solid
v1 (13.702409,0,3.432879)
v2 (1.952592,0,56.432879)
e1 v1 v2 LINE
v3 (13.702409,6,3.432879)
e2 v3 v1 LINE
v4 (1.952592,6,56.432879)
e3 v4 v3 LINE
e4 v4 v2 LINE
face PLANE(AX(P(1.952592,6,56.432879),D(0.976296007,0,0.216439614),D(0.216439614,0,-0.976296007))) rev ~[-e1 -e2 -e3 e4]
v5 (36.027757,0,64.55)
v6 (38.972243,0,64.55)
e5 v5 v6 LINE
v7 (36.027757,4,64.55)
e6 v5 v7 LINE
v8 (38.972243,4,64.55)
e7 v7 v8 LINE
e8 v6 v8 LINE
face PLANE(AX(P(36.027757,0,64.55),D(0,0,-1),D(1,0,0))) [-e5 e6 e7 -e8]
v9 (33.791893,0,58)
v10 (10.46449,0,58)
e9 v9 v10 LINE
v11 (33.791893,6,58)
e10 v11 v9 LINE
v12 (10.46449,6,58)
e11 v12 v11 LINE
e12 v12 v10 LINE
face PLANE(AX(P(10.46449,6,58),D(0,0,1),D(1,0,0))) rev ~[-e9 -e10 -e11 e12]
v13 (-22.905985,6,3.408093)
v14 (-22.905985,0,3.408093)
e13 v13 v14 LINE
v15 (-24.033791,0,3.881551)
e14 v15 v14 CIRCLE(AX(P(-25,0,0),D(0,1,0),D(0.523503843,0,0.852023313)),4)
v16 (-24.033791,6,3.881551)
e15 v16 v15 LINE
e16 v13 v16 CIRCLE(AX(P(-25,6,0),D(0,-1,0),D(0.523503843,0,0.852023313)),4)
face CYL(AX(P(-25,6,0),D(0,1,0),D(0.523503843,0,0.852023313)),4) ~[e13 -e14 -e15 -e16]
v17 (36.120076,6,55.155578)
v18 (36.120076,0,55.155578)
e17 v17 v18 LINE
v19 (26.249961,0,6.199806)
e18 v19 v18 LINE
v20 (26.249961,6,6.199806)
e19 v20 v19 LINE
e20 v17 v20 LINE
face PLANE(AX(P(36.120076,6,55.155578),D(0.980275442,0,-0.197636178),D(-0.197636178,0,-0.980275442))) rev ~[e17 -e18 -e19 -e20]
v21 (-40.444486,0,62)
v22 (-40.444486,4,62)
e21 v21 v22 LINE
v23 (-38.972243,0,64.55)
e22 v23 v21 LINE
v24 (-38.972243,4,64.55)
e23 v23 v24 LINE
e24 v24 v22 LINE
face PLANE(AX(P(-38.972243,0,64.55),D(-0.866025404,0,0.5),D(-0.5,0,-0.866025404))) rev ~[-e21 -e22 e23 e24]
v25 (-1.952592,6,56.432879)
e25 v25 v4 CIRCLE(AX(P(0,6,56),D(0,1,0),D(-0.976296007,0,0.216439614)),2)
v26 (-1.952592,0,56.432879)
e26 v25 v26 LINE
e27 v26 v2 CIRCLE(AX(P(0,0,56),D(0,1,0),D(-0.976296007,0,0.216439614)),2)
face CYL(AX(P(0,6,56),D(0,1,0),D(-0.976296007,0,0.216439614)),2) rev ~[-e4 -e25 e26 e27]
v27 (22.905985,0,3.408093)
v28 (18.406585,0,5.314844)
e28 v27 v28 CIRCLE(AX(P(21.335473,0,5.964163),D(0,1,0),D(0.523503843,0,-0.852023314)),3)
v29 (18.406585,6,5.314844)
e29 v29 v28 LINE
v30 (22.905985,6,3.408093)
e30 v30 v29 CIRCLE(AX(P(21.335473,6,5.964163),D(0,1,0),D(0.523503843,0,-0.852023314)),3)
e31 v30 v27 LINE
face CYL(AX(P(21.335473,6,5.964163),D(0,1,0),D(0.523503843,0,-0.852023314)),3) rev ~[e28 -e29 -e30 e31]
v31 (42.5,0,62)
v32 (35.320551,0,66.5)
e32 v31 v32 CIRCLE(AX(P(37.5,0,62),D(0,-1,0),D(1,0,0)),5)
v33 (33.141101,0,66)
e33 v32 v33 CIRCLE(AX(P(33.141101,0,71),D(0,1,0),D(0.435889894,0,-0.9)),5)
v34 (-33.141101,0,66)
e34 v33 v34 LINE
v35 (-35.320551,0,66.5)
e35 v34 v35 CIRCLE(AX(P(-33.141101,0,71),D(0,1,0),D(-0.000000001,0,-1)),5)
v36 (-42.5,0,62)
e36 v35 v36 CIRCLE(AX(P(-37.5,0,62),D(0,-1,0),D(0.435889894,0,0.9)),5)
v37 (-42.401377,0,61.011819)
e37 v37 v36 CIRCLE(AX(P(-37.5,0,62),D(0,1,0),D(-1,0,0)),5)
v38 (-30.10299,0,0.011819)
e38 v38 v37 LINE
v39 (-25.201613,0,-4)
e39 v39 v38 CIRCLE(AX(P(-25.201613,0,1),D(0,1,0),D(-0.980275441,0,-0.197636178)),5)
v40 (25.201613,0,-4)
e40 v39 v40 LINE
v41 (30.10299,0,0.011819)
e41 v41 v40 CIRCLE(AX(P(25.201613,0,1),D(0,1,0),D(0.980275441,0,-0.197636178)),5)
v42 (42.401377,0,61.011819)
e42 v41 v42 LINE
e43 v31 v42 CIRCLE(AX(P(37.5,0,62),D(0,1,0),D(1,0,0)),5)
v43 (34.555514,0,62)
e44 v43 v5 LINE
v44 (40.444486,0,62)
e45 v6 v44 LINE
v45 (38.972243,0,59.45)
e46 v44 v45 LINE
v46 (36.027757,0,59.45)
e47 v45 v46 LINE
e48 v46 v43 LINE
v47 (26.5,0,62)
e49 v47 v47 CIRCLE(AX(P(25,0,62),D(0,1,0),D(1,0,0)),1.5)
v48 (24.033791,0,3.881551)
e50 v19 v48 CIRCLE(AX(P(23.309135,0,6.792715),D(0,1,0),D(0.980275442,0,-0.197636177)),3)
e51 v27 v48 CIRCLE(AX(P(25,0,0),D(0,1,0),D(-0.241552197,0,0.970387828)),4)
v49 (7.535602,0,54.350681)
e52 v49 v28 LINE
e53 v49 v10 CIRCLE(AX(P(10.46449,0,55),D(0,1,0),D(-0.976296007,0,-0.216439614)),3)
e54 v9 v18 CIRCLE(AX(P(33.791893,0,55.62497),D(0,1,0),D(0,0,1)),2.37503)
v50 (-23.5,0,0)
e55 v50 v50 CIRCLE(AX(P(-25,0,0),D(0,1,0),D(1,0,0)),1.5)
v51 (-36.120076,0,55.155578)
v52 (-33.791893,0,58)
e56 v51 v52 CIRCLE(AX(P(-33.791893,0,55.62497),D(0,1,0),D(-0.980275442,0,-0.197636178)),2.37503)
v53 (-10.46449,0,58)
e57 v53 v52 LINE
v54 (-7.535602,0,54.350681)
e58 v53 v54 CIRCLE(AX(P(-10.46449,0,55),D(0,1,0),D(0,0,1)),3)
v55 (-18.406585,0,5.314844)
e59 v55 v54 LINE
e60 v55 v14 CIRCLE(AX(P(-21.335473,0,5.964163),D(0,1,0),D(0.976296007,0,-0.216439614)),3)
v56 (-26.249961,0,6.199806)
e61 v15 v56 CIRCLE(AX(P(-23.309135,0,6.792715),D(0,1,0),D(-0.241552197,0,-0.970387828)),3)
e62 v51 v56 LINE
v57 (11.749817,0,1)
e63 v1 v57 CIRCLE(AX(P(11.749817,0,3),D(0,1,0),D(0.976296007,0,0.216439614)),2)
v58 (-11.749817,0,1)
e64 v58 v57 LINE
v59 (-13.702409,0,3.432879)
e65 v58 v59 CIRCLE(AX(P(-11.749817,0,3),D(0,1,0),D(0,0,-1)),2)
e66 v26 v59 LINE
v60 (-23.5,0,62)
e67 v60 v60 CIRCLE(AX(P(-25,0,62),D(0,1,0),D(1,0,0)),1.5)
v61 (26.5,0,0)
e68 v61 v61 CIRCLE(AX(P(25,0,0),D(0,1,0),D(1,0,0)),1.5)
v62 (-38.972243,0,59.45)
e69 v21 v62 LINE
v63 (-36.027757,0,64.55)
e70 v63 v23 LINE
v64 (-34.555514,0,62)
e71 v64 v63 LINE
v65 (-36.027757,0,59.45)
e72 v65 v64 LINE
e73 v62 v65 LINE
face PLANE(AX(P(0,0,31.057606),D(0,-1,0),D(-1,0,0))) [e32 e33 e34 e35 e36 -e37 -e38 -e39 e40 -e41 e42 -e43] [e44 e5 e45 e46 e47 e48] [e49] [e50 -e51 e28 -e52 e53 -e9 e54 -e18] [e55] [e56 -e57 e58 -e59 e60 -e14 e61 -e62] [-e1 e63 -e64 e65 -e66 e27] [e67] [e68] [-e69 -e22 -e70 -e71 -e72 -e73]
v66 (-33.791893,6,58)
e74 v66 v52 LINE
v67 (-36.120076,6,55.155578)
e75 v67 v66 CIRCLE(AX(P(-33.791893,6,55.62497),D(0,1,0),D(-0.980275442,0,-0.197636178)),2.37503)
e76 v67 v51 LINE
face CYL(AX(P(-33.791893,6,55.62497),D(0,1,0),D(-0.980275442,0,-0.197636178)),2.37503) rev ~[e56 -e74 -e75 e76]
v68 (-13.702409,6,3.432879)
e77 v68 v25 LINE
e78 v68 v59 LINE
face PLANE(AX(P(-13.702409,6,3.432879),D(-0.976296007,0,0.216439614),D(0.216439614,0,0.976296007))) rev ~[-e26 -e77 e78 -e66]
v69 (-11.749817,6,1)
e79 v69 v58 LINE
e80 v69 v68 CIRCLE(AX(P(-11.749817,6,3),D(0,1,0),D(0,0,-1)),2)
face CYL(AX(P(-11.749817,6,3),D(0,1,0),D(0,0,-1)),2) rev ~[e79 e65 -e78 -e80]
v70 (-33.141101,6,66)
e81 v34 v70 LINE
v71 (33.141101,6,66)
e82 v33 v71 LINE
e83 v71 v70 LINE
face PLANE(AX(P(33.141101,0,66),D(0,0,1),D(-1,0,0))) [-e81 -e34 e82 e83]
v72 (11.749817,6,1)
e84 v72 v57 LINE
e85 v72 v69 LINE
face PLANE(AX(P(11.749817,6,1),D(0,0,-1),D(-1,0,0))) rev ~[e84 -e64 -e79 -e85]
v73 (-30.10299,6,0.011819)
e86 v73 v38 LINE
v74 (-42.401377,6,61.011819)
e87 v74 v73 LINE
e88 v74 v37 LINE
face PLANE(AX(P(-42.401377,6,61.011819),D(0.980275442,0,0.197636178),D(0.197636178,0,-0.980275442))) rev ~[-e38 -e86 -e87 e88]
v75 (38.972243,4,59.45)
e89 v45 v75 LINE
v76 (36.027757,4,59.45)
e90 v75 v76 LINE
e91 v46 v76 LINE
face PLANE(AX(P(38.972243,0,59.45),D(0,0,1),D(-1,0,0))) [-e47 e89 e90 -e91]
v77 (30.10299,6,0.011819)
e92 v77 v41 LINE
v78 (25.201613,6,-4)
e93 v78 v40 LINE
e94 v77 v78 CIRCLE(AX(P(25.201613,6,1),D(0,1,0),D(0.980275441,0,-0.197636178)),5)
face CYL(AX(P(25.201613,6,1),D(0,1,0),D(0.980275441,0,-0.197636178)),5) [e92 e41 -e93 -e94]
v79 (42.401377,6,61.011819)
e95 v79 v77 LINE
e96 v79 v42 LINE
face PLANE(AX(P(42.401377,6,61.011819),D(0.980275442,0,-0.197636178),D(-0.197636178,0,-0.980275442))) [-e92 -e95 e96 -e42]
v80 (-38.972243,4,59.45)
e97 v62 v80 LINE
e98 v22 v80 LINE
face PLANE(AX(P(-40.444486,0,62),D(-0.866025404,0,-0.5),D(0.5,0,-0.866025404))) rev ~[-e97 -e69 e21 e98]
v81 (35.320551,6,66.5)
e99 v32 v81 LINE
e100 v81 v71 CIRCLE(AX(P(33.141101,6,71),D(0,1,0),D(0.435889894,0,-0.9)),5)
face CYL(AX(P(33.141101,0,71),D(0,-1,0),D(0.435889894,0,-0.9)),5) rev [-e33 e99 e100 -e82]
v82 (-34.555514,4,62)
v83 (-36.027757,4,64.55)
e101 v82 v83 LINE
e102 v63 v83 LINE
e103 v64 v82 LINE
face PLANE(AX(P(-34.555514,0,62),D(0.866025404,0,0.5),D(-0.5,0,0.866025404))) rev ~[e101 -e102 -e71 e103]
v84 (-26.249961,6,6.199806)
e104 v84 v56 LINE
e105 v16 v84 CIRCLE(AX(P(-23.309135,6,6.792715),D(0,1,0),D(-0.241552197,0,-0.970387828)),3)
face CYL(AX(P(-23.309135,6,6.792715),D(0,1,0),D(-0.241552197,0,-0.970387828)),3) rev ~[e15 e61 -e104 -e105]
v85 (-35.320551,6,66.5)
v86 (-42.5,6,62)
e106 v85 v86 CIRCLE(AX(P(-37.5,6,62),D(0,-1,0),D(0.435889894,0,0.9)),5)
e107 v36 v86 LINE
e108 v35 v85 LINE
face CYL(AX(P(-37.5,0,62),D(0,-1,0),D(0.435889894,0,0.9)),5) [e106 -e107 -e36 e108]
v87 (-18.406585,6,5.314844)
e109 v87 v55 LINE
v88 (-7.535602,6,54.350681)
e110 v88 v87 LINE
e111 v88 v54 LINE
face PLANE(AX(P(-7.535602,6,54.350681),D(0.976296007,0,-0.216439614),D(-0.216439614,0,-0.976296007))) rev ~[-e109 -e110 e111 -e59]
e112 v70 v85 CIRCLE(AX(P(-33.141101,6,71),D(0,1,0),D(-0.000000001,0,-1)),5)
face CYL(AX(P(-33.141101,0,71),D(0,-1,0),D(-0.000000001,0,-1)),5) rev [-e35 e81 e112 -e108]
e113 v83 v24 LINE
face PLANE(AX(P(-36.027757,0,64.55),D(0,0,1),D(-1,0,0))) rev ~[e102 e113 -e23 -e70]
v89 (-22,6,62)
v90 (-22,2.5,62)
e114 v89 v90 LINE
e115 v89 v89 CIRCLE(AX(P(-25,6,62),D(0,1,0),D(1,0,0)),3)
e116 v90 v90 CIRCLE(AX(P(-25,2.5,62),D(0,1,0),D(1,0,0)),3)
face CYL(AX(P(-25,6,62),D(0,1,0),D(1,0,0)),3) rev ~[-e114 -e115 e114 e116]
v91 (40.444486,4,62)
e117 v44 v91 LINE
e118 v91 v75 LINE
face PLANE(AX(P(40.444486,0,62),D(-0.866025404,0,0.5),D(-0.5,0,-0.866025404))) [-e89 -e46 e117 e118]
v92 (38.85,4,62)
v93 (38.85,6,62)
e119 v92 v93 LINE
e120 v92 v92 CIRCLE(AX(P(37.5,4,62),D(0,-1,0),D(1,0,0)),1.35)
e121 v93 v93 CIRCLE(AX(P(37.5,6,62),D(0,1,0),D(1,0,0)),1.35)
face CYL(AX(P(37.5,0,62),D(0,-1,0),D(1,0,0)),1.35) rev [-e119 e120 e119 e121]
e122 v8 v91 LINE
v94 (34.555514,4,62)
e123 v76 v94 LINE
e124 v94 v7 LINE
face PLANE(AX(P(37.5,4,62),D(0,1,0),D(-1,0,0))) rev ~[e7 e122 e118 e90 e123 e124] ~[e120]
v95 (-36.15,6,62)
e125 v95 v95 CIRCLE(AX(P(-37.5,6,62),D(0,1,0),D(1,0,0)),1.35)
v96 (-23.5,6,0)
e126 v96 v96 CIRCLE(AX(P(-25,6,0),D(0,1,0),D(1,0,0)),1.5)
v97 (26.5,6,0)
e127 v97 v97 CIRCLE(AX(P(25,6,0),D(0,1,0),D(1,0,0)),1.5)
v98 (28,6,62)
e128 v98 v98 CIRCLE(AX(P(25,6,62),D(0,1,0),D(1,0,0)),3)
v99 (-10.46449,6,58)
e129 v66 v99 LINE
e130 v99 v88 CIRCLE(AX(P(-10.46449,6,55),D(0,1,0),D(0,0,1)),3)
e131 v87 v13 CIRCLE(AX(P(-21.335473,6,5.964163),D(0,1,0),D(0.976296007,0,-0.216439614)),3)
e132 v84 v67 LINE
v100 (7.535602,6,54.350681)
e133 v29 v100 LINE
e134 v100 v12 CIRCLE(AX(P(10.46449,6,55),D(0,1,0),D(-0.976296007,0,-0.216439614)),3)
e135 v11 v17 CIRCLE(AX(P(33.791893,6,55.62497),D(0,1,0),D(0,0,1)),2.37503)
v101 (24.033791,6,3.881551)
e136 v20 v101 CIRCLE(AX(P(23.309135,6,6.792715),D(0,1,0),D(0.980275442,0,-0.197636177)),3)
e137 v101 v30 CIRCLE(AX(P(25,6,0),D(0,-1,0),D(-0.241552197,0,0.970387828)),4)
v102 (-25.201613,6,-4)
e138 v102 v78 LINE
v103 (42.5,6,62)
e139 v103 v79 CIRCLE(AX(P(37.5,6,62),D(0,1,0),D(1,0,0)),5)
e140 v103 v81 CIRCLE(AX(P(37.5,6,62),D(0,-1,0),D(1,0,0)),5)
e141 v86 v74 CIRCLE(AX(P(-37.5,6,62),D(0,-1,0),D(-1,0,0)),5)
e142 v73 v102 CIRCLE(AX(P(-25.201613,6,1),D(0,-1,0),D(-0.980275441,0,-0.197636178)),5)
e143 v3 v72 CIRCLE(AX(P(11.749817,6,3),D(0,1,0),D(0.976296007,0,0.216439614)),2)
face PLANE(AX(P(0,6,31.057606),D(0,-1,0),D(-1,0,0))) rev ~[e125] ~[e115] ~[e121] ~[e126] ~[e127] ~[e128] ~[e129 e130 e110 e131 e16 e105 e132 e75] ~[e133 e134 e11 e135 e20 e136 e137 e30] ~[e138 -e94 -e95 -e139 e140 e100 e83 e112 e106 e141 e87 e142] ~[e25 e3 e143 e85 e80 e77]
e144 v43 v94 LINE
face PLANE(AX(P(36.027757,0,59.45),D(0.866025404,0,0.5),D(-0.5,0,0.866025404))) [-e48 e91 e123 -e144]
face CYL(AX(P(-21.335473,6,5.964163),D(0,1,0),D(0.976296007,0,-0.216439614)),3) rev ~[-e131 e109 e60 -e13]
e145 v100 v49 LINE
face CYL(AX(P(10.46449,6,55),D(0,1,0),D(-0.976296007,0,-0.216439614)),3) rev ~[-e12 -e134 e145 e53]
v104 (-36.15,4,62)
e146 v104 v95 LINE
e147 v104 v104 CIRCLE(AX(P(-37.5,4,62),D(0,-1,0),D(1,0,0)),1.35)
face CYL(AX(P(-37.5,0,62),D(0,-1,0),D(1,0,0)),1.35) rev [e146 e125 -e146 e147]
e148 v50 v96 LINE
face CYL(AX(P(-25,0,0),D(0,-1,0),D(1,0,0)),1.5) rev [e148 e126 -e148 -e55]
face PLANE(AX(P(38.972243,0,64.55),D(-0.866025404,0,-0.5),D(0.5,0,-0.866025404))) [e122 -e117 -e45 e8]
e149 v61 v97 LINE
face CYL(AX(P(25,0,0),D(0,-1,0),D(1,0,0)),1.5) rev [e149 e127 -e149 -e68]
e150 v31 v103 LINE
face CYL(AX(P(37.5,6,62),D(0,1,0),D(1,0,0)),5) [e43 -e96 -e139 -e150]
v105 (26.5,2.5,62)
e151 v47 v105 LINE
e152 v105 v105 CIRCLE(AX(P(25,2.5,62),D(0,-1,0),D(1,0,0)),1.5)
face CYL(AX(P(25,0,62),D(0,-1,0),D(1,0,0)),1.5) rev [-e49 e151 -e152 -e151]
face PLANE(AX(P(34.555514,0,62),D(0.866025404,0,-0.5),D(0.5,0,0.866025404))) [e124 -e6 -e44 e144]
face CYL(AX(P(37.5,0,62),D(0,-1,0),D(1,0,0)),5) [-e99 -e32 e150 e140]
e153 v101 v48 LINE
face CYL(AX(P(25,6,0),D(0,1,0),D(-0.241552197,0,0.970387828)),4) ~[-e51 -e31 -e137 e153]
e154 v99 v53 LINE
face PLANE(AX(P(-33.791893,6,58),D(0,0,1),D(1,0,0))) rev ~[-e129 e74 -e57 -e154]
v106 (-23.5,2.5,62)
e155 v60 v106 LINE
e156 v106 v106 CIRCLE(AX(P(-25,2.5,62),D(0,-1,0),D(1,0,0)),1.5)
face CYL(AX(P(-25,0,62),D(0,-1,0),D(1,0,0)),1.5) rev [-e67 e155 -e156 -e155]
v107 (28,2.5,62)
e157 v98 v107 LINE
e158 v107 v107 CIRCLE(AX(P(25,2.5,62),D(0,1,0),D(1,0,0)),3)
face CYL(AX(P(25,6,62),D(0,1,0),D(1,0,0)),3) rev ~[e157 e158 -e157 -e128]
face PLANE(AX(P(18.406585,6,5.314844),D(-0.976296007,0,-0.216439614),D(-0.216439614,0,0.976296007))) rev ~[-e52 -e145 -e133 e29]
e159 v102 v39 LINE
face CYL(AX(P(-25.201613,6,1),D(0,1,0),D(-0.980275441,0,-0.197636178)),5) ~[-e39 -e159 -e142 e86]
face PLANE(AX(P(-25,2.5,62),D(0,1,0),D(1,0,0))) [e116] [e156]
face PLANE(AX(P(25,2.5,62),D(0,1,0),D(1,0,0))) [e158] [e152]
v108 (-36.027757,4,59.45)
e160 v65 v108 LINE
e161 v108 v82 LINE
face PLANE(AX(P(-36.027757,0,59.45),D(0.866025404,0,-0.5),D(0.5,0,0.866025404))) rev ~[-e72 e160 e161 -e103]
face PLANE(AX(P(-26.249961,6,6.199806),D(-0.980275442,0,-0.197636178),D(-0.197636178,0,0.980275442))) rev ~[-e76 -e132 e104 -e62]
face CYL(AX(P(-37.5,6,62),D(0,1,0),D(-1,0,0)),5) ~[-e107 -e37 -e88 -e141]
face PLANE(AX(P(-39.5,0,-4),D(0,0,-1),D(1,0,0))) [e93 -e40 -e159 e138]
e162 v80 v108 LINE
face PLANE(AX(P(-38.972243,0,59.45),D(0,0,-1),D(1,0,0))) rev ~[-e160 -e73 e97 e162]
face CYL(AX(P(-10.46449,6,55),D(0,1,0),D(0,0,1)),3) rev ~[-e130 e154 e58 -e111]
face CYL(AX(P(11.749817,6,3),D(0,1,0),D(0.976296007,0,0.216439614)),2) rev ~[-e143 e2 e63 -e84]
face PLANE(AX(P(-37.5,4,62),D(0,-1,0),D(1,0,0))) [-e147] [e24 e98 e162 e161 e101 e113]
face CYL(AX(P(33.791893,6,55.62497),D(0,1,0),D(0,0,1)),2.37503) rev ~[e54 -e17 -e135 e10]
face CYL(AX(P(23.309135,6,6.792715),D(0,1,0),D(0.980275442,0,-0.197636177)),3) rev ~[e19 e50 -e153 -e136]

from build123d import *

# Parameters (mm, degrees)
SKETCH_2_R          = 1.5
SKETCH_2_R_2        = 1.35
EXTRUDE_1_DEPTH     = 6
SKETCH_5_R          = 3
CUT_EXTRUDE_4_DEPTH = 3.5
CUT_EXTRUDE_5_DEPTH = 4
CUT_EXTRUDE_6_DEPTH = 7


with BuildPart() as part:
    # 草图2 → 凸台-拉伸1 (new body)
    with BuildSketch(Plane(origin=(0, 0, 0), x_dir=(1, 0, 0), z_dir=(0, 1, 0))):
        with BuildLine():
            Line((-42.5, -62), (-42.5, 1))
            ThreePointArc((-42.5, 1), (-41.621320344, 3.121320344), (-39.5, 4))
            Line((-39.5, 4), (39.5, 4))
            ThreePointArc((39.5, 4), (41.621320344, 3.121320344), (42.5, 1))
            Line((42.5, 1), (42.5, -62))
            ThreePointArc((42.5, -62), (40.155442773, -66.236581603), (35.320550528, -66.5))
            ThreePointArc((35.320550528, -66.5), (34.259135045, -66.126602828), (33.141101056, -66))
            Line((33.141101056, -66), (-33.141101056, -66))
            ThreePointArc((-33.141101056, -66), (-34.259135045, -66.126602828), (-35.320550528, -66.5))
            ThreePointArc((-35.320550528, -66.5), (-40.155442773, -66.236581603), (-42.5, -62))
        make_face()
        with Locations((-25, 0)):
            Circle(SKETCH_2_R, mode=Mode.SUBTRACT)
        with Locations((25, 0)):
            Circle(SKETCH_2_R, mode=Mode.SUBTRACT)
        with Locations((-25, -62)):
            Circle(SKETCH_2_R, mode=Mode.SUBTRACT)
        with Locations((25, -62)):
            Circle(SKETCH_2_R, mode=Mode.SUBTRACT)
        with Locations((-37.5, -62)):
            Circle(SKETCH_2_R_2, mode=Mode.SUBTRACT)
        with Locations((37.5, -62)):
            Circle(SKETCH_2_R_2, mode=Mode.SUBTRACT)
    extrude(amount=EXTRUDE_1_DEPTH)

    # 草图5 → 切除-拉伸4 (cut)
    with BuildSketch(Plane(origin=(0, 6, 0), x_dir=(1, 0, 0), z_dir=(0, 1, 0))):
        with Locations((-25, -62)):
            Circle(SKETCH_5_R)
        with Locations((25, -62)):
            Circle(SKETCH_5_R)
    extrude(amount=-CUT_EXTRUDE_4_DEPTH, mode=Mode.SUBTRACT)

    # 草图6 → 切除-拉伸5 (cut)
    with BuildSketch(Plane.XZ):
        Polygon((-36.027756814, 64.55), (-38.972243186, 64.55), (-40.444486373, 62), (-38.972243186, 59.45), (-36.027756814, 59.45), (-34.555513627, 62), align=None)
        Polygon((34.555513627, 62), (36.027756814, 64.55), (38.972243186, 64.55), (40.444486373, 62), (38.972243186, 59.45), (36.027756814, 59.45), align=None)
    extrude(amount=-CUT_EXTRUDE_5_DEPTH, mode=Mode.SUBTRACT)

    # 草图7 → 切除-拉伸6 (cut, through all)
    with BuildSketch(Plane(origin=(0, 6, 0), x_dir=(1, 0, 0), z_dir=(0, 1, 0))):
        with BuildLine():
            Line((-33.791892668, -58), (-10.464489806, -58))
            ThreePointArc((-10.464489806, -58), (-8.124836357, -56.877770417), (-7.535601784, -54.350681158))
            Line((-7.535601784, -54.350681158), (-18.406585082, -5.314844354))
            ThreePointArc((-18.406585082, -5.314844354), (-20.164908448, -3.201957847), (-22.905984631, -3.408093255))
            ThreePointArc((-22.905984631, -3.408093255), (-23.45168362, -3.688186057), (-24.033791208, -3.88155131))
            ThreePointArc((-24.033791208, -3.88155131), (-25.477663554, -4.719677831), (-26.249960939, -6.199806259))
            Line((-26.249960939, -6.199806259), (-36.120076242, -55.155578159))
            ThreePointArc((-36.120076242, -55.155578159), (-35.629770137, -57.129288416), (-33.791892668, -58))
        make_face()
        with BuildLine():
            Line((-13.702409134, -3.432879228), (-1.952592014, -56.432879228))
            ThreePointArc((-1.952592014, -56.432879228), (0, -58), (1.952592014, -56.432879228))
            Line((1.952592014, -56.432879228), (13.702409134, -3.432879228))
            ThreePointArc((13.702409134, -3.432879228), (13.309586086, -1.748153056), (11.74981712, -1))
            Line((11.74981712, -1), (-11.74981712, -1))
            ThreePointArc((-11.74981712, -1), (-13.309586086, -1.748153056), (-13.702409134, -3.432879228))
        make_face()
        with BuildLine():
            Line((18.406585082, -5.314844354), (7.535601784, -54.350681158))
            ThreePointArc((7.535601784, -54.350681158), (8.124836357, -56.877770417), (10.464489806, -58))
            Line((10.464489806, -58), (33.791892668, -58))
            ThreePointArc((33.791892668, -58), (35.629770137, -57.129288416), (36.120076242, -55.155578159))
            Line((36.120076242, -55.155578159), (26.249960939, -6.199806259))
            ThreePointArc((26.249960939, -6.199806259), (25.477663554, -4.719677831), (24.033791208, -3.88155131))
            ThreePointArc((24.033791208, -3.88155131), (23.45168362, -3.688186057), (22.905984631, -3.408093255))
            ThreePointArc((22.905984631, -3.408093255), (20.164908448, -3.201957847), (18.406585082, -5.314844354))
        make_face()
        with BuildLine():
            Line((-42.401377208, -61.011819111), (-30.102990111, -0.011819111))
            ThreePointArc((-30.102990111, -0.011819111), (-28.368559031, 2.869166864), (-25.201612903, 4))
            Line((-25.201612903, 4), (-42.5, 4))
            Line((-42.5, 4), (-42.5, -62))
            ThreePointArc((-42.5, -62), (-42.47528321, -61.503454956), (-42.401377208, -61.011819111))
        make_face()
        with BuildLine():
            Line((42.401377208, -61.011819111), (30.102990111, -0.011819111))
            ThreePointArc((30.102990111, -0.011819111), (28.368559031, 2.869166864), (25.201612903, 4))
            Line((25.201612903, 4), (42.5, 4))
            Line((42.5, 4), (42.5, -62))
            ThreePointArc((42.5, -62), (42.47528321, -61.503454956), (42.401377208, -61.011819111))
        make_face()
    extrude(amount=-CUT_EXTRUDE_6_DEPTH, mode=Mode.SUBTRACT)


solid = part.part
